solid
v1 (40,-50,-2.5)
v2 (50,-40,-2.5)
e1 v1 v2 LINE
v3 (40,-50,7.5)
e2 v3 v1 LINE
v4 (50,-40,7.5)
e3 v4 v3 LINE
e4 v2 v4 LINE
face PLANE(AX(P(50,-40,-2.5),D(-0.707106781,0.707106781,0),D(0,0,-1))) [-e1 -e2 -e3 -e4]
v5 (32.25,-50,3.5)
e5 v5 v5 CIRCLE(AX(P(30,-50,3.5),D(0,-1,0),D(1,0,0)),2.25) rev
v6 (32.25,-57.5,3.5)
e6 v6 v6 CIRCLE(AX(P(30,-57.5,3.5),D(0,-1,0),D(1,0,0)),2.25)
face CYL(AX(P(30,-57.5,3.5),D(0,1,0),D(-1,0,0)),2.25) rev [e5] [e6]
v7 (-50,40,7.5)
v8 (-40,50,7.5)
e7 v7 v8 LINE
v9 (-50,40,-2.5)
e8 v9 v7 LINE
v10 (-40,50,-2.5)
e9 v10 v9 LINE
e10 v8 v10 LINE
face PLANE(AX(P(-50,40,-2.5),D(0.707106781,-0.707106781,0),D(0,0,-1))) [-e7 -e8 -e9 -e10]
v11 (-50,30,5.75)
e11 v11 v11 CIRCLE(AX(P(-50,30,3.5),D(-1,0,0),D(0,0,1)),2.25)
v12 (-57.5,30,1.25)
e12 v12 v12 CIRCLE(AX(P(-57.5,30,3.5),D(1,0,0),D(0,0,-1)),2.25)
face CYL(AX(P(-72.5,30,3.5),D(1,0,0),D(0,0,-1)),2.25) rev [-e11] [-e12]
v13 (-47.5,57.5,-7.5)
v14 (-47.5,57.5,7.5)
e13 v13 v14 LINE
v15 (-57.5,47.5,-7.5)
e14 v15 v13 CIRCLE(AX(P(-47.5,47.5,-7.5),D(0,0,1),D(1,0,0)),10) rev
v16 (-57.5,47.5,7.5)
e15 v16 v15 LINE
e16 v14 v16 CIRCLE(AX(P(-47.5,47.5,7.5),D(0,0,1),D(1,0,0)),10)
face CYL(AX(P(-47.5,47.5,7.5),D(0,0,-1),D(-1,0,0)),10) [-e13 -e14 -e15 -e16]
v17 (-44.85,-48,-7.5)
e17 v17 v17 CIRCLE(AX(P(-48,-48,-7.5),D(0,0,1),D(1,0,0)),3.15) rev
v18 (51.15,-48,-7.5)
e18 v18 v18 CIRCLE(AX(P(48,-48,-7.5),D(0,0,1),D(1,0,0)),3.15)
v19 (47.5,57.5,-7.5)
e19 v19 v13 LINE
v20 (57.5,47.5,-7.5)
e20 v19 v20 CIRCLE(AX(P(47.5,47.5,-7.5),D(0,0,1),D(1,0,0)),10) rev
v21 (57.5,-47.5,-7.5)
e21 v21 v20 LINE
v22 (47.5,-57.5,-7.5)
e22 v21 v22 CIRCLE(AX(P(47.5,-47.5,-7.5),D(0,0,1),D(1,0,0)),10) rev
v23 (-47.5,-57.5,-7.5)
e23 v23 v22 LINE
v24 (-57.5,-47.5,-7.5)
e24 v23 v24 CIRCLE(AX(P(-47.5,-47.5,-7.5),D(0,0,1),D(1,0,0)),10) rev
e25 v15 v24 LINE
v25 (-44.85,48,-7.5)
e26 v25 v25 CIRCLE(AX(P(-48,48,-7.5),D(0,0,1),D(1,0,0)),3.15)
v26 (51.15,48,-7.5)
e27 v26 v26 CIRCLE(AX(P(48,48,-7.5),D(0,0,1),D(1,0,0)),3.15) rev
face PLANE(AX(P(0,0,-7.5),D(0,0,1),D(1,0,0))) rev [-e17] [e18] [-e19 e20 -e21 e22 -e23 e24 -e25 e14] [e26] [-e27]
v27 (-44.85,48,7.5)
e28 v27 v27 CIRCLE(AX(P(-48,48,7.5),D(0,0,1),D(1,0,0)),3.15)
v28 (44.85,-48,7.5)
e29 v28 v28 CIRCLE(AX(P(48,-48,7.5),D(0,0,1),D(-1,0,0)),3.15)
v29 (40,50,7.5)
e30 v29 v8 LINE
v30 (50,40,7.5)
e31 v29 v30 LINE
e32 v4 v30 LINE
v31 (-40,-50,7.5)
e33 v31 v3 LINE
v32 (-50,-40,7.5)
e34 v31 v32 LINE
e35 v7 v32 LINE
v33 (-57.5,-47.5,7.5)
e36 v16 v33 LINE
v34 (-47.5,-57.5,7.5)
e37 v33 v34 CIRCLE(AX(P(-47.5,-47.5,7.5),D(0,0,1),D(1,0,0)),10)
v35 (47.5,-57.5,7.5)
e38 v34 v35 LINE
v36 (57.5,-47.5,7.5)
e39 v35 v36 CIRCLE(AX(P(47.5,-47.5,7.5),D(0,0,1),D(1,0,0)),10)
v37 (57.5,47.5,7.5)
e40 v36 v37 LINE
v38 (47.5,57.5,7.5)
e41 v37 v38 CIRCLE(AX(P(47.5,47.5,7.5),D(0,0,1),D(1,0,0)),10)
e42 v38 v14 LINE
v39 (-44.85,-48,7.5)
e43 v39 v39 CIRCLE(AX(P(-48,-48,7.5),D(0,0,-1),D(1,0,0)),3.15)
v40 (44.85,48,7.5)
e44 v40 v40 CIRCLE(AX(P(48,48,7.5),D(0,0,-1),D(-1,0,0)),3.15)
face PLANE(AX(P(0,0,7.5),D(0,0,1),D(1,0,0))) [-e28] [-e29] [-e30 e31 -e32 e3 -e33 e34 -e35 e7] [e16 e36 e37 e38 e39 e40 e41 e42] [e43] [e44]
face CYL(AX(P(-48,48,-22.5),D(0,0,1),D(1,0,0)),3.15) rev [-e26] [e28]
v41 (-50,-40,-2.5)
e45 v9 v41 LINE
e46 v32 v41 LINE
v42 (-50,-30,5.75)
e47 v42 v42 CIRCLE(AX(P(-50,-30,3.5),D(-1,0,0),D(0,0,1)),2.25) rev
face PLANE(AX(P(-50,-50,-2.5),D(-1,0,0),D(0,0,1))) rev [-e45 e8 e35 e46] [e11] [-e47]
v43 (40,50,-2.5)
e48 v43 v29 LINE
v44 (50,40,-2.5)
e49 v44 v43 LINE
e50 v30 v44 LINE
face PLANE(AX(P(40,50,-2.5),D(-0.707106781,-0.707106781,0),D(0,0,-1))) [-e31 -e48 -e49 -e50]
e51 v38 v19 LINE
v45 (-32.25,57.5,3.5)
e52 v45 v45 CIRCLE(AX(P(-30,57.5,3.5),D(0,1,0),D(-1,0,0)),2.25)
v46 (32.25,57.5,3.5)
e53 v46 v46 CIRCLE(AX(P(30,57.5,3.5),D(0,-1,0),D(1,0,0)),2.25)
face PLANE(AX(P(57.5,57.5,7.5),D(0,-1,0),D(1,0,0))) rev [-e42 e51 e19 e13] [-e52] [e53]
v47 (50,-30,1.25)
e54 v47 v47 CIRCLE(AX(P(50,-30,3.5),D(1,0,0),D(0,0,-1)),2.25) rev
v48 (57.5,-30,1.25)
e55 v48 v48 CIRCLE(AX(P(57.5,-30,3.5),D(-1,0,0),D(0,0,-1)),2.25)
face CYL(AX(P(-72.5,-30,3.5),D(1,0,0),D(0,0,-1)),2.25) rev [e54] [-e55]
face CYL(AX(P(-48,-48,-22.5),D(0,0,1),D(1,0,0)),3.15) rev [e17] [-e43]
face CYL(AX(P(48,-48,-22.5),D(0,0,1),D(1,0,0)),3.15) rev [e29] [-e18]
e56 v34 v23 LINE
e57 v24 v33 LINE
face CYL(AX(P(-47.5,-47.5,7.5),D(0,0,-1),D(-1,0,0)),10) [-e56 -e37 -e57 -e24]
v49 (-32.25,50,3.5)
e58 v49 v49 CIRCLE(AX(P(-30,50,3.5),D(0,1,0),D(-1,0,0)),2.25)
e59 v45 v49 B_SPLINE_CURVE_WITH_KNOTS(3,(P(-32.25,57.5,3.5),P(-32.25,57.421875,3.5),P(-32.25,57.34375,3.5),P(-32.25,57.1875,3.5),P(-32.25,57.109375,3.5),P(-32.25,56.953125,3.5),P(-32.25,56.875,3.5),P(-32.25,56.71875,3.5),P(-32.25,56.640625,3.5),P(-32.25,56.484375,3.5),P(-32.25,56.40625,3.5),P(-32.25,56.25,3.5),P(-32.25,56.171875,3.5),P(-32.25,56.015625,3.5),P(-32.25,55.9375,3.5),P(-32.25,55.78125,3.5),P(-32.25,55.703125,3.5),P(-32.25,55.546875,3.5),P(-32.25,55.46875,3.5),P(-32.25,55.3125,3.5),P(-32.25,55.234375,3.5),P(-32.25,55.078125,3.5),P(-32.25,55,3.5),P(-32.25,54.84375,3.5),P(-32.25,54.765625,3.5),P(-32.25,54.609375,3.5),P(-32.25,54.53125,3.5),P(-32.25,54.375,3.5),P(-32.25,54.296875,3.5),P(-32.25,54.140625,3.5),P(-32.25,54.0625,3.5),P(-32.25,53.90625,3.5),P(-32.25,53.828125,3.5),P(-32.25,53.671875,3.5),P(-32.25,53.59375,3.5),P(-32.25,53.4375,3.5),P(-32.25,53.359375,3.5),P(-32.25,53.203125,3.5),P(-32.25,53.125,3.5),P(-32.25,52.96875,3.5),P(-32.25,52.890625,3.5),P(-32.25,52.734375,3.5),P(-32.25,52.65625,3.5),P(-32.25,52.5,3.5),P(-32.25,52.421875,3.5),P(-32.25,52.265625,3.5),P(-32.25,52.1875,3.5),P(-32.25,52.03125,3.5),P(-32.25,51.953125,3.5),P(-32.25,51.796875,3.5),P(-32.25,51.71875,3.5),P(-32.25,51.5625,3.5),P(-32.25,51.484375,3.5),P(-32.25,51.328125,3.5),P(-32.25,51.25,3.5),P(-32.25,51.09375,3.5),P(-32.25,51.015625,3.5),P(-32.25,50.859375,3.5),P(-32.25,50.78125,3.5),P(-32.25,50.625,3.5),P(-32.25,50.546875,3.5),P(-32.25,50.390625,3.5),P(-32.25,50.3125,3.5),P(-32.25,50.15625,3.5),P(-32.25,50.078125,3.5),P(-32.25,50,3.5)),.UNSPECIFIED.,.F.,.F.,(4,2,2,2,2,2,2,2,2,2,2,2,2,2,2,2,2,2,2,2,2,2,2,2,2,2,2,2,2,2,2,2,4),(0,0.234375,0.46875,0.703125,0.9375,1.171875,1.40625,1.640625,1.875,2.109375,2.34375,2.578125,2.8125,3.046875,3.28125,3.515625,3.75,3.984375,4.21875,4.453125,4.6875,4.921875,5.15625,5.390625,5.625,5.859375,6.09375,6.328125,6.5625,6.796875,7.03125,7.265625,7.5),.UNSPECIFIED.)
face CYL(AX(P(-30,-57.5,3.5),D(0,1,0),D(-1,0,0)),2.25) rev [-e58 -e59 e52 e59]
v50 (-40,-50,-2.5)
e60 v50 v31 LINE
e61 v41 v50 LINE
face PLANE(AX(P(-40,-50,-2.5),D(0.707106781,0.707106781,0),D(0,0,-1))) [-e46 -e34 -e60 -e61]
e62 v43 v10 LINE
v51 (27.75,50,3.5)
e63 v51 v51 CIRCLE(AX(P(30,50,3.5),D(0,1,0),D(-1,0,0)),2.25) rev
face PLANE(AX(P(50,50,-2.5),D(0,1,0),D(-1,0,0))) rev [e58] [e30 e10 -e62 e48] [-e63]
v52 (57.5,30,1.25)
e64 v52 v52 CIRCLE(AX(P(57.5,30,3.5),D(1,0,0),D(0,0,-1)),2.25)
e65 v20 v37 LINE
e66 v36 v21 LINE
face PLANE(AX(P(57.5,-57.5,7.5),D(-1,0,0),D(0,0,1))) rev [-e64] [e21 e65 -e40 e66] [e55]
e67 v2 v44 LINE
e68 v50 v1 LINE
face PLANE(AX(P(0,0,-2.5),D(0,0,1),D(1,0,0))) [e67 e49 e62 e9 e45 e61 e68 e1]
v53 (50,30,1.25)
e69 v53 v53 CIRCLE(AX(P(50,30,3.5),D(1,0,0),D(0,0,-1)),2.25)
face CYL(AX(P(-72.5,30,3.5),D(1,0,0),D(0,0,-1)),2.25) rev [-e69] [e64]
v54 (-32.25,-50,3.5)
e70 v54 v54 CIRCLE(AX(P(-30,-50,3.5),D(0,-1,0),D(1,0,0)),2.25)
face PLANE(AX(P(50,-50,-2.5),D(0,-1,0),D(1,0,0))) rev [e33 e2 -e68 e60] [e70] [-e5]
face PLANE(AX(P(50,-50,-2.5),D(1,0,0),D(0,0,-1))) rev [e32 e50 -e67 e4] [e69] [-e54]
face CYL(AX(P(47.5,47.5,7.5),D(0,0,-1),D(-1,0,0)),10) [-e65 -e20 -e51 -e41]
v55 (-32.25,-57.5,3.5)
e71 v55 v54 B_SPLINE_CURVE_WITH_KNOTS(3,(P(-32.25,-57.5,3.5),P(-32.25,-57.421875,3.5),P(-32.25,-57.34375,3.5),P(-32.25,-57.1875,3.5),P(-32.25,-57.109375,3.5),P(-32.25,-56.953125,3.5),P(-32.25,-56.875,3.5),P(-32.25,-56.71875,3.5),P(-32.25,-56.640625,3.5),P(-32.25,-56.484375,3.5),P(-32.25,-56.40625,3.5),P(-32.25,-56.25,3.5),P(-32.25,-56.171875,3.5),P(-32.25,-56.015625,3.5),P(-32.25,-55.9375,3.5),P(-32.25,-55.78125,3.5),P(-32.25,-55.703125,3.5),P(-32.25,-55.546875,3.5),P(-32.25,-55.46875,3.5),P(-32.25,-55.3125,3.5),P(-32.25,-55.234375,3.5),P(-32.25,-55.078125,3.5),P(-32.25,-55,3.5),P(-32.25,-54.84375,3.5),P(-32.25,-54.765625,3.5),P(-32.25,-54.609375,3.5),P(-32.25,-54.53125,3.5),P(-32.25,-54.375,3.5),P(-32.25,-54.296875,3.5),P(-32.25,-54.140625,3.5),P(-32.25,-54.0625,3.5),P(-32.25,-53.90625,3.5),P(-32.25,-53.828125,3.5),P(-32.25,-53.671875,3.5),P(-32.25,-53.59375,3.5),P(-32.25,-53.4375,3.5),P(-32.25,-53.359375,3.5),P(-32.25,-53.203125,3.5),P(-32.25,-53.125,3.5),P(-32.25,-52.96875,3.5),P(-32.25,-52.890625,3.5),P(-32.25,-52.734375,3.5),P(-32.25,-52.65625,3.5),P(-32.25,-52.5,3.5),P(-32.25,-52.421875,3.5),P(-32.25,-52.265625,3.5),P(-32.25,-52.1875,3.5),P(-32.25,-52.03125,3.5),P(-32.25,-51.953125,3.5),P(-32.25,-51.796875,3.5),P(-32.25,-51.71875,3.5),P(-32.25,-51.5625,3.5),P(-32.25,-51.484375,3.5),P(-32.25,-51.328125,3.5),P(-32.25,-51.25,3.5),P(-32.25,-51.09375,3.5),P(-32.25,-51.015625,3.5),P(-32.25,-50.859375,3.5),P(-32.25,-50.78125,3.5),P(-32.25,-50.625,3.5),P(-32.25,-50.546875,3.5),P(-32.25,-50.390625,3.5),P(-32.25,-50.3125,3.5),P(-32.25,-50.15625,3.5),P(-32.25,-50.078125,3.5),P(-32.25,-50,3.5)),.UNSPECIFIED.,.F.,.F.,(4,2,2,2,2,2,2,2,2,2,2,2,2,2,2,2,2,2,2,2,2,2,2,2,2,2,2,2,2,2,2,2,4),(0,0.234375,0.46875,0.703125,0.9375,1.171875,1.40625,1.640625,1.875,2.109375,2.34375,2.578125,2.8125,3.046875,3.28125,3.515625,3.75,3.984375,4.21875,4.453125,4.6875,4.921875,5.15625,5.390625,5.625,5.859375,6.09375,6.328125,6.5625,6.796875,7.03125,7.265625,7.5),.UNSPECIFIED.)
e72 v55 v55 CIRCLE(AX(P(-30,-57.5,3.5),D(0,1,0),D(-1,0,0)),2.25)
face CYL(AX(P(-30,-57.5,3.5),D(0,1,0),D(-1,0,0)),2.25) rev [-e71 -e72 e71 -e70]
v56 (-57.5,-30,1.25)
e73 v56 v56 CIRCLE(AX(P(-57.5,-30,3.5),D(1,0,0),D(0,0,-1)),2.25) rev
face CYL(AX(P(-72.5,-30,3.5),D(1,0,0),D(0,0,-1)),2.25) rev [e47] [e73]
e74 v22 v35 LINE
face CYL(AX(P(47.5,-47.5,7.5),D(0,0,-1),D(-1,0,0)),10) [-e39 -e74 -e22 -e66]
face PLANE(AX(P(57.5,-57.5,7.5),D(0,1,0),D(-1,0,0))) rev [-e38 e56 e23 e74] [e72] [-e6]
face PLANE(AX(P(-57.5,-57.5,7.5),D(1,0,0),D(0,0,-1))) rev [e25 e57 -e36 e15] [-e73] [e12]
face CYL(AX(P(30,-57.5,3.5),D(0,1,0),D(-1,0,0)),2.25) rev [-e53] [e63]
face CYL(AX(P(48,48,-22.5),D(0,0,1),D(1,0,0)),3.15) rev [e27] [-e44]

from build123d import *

# Parameters (mm, degrees)
SKETCH1_W                                  = 115
SKETCH1_H                                  = 115
BOSS_EXTRUDE1_DEPTH                        = 7.5
FILLET1_R                                  = 10
SKETCH2_W                                  = 100
SKETCH2_H                                  = 100
CUT_EXTRUDE1_DEPTH                         = 10
CHAMFER1_SIZE                              = 10
SKETCH3_R                                  = 3.15
CUT_EXTRUDE2_DEPTH                         = 30
MIRROR1_AT_THE_SECOND_PLANE_COPY_1_SKETC_R = 3.15
MIRROR1_AT_THE_SECOND_PLANE_COPY_1_DEPTH   = 30
SKETCH4_R                                  = 2.25
CUT_EXTRUDE3_DEPTH                         = 130
SKETCH6_R                                  = 2.25
CUT_EXTRUDE4_DEPTH                         = 129.792468724


with BuildPart() as part:
    # Sketch1 → Boss-Extrude1 (new, symmetric)
    with BuildSketch(Plane.XY):
        Rectangle(SKETCH1_W, SKETCH1_H)
    extrude(amount=BOSS_EXTRUDE1_DEPTH, both=True)

    # Fillet1
    fillet1_edges = [part.edges().sort_by_distance(p)[0] for p in [
        (-57.5, 57.5, 0),
        (57.5, 57.5, 0),
        (57.5, -57.5, 0),
        (-57.5, -57.5, 0),
    ]]
    fillet(fillet1_edges, radius=FILLET1_R)

    # Sketch2 → Cut-Extrude1 (cut)
    with BuildSketch(Plane.XY.offset(7.5)):
        Rectangle(SKETCH2_W, SKETCH2_H)
    extrude(amount=-CUT_EXTRUDE1_DEPTH, mode=Mode.SUBTRACT)

    # Chamfer1
    chamfer1_edges = [part.edges().sort_by_distance(p)[0] for p in [
        (-50, -50, 2.5),
        (-50, 50, 2.5),
        (50, 50, 2.5),
        (50, -50, 2.5),
    ]]
    chamfer(chamfer1_edges, length=CHAMFER1_SIZE)

    # Sketch3 → Cut-Extrude2 (cut)
    with BuildSketch(Plane.XY.offset(7.5)):
        with Locations((-48, 48)):
            Circle(SKETCH3_R)
    cut_extrude2 = extrude(amount=-CUT_EXTRUDE2_DEPTH, mode=Mode.SUBTRACT)

    # Mirror1: Cut-Extrude2 across plane
    add(cut_extrude2.mirror(Plane(origin=(0, 0, 0), x_dir=(0, 0, 1), z_dir=(1, 0, 0))), mode=Mode.SUBTRACT)

    # Mirror1 at the second plane: Cut-Extrude2 across plane
    add(cut_extrude2.mirror(Plane.ZX), mode=Mode.SUBTRACT)

    # Mirror1 at the second plane copy 1 sketc → Mirror1 at the second plane copy 1 (cut)
    with BuildSketch(Plane(origin=(0, 0, 7.5), x_dir=(-1, 0, 0), z_dir=(0, 0, 1))):
        with Locations((-48, 48)):
            Circle(MIRROR1_AT_THE_SECOND_PLANE_COPY_1_SKETC_R)
    extrude(amount=-MIRROR1_AT_THE_SECOND_PLANE_COPY_1_DEPTH, mode=Mode.SUBTRACT)

    # Sketch4 → Cut-Extrude3 (cut)
    with BuildSketch(Plane(origin=(57.5, 0, 0), x_dir=(0, 0, -1), z_dir=(1, 0, 0))):
        with Locations((-3.5, 30)):
            Circle(SKETCH4_R)
    cut_extrude3 = extrude(amount=-CUT_EXTRUDE3_DEPTH, mode=Mode.SUBTRACT)

    # Mirror2: Cut-Extrude3 across plane
    add(cut_extrude3.mirror(Plane.ZX), mode=Mode.SUBTRACT)

    # Sketch6 → Cut-Extrude4 (cut, through all)
    with BuildSketch(Plane(origin=(0, 57.5, 0), x_dir=(1, 0, 0), z_dir=(0, 1, 0))):
        with Locations(Location((-30, -3.5, 0), (0, 0, 180))):
            Circle(SKETCH6_R)
    cut_extrude4 = extrude(amount=-CUT_EXTRUDE4_DEPTH, mode=Mode.SUBTRACT)

    # Mirror3: Cut-Extrude4 across plane
    add(cut_extrude4.mirror(Plane(origin=(0, 0, 0), x_dir=(0, 0, 1), z_dir=(1, 0, 0))), mode=Mode.SUBTRACT)


solid = part.part
